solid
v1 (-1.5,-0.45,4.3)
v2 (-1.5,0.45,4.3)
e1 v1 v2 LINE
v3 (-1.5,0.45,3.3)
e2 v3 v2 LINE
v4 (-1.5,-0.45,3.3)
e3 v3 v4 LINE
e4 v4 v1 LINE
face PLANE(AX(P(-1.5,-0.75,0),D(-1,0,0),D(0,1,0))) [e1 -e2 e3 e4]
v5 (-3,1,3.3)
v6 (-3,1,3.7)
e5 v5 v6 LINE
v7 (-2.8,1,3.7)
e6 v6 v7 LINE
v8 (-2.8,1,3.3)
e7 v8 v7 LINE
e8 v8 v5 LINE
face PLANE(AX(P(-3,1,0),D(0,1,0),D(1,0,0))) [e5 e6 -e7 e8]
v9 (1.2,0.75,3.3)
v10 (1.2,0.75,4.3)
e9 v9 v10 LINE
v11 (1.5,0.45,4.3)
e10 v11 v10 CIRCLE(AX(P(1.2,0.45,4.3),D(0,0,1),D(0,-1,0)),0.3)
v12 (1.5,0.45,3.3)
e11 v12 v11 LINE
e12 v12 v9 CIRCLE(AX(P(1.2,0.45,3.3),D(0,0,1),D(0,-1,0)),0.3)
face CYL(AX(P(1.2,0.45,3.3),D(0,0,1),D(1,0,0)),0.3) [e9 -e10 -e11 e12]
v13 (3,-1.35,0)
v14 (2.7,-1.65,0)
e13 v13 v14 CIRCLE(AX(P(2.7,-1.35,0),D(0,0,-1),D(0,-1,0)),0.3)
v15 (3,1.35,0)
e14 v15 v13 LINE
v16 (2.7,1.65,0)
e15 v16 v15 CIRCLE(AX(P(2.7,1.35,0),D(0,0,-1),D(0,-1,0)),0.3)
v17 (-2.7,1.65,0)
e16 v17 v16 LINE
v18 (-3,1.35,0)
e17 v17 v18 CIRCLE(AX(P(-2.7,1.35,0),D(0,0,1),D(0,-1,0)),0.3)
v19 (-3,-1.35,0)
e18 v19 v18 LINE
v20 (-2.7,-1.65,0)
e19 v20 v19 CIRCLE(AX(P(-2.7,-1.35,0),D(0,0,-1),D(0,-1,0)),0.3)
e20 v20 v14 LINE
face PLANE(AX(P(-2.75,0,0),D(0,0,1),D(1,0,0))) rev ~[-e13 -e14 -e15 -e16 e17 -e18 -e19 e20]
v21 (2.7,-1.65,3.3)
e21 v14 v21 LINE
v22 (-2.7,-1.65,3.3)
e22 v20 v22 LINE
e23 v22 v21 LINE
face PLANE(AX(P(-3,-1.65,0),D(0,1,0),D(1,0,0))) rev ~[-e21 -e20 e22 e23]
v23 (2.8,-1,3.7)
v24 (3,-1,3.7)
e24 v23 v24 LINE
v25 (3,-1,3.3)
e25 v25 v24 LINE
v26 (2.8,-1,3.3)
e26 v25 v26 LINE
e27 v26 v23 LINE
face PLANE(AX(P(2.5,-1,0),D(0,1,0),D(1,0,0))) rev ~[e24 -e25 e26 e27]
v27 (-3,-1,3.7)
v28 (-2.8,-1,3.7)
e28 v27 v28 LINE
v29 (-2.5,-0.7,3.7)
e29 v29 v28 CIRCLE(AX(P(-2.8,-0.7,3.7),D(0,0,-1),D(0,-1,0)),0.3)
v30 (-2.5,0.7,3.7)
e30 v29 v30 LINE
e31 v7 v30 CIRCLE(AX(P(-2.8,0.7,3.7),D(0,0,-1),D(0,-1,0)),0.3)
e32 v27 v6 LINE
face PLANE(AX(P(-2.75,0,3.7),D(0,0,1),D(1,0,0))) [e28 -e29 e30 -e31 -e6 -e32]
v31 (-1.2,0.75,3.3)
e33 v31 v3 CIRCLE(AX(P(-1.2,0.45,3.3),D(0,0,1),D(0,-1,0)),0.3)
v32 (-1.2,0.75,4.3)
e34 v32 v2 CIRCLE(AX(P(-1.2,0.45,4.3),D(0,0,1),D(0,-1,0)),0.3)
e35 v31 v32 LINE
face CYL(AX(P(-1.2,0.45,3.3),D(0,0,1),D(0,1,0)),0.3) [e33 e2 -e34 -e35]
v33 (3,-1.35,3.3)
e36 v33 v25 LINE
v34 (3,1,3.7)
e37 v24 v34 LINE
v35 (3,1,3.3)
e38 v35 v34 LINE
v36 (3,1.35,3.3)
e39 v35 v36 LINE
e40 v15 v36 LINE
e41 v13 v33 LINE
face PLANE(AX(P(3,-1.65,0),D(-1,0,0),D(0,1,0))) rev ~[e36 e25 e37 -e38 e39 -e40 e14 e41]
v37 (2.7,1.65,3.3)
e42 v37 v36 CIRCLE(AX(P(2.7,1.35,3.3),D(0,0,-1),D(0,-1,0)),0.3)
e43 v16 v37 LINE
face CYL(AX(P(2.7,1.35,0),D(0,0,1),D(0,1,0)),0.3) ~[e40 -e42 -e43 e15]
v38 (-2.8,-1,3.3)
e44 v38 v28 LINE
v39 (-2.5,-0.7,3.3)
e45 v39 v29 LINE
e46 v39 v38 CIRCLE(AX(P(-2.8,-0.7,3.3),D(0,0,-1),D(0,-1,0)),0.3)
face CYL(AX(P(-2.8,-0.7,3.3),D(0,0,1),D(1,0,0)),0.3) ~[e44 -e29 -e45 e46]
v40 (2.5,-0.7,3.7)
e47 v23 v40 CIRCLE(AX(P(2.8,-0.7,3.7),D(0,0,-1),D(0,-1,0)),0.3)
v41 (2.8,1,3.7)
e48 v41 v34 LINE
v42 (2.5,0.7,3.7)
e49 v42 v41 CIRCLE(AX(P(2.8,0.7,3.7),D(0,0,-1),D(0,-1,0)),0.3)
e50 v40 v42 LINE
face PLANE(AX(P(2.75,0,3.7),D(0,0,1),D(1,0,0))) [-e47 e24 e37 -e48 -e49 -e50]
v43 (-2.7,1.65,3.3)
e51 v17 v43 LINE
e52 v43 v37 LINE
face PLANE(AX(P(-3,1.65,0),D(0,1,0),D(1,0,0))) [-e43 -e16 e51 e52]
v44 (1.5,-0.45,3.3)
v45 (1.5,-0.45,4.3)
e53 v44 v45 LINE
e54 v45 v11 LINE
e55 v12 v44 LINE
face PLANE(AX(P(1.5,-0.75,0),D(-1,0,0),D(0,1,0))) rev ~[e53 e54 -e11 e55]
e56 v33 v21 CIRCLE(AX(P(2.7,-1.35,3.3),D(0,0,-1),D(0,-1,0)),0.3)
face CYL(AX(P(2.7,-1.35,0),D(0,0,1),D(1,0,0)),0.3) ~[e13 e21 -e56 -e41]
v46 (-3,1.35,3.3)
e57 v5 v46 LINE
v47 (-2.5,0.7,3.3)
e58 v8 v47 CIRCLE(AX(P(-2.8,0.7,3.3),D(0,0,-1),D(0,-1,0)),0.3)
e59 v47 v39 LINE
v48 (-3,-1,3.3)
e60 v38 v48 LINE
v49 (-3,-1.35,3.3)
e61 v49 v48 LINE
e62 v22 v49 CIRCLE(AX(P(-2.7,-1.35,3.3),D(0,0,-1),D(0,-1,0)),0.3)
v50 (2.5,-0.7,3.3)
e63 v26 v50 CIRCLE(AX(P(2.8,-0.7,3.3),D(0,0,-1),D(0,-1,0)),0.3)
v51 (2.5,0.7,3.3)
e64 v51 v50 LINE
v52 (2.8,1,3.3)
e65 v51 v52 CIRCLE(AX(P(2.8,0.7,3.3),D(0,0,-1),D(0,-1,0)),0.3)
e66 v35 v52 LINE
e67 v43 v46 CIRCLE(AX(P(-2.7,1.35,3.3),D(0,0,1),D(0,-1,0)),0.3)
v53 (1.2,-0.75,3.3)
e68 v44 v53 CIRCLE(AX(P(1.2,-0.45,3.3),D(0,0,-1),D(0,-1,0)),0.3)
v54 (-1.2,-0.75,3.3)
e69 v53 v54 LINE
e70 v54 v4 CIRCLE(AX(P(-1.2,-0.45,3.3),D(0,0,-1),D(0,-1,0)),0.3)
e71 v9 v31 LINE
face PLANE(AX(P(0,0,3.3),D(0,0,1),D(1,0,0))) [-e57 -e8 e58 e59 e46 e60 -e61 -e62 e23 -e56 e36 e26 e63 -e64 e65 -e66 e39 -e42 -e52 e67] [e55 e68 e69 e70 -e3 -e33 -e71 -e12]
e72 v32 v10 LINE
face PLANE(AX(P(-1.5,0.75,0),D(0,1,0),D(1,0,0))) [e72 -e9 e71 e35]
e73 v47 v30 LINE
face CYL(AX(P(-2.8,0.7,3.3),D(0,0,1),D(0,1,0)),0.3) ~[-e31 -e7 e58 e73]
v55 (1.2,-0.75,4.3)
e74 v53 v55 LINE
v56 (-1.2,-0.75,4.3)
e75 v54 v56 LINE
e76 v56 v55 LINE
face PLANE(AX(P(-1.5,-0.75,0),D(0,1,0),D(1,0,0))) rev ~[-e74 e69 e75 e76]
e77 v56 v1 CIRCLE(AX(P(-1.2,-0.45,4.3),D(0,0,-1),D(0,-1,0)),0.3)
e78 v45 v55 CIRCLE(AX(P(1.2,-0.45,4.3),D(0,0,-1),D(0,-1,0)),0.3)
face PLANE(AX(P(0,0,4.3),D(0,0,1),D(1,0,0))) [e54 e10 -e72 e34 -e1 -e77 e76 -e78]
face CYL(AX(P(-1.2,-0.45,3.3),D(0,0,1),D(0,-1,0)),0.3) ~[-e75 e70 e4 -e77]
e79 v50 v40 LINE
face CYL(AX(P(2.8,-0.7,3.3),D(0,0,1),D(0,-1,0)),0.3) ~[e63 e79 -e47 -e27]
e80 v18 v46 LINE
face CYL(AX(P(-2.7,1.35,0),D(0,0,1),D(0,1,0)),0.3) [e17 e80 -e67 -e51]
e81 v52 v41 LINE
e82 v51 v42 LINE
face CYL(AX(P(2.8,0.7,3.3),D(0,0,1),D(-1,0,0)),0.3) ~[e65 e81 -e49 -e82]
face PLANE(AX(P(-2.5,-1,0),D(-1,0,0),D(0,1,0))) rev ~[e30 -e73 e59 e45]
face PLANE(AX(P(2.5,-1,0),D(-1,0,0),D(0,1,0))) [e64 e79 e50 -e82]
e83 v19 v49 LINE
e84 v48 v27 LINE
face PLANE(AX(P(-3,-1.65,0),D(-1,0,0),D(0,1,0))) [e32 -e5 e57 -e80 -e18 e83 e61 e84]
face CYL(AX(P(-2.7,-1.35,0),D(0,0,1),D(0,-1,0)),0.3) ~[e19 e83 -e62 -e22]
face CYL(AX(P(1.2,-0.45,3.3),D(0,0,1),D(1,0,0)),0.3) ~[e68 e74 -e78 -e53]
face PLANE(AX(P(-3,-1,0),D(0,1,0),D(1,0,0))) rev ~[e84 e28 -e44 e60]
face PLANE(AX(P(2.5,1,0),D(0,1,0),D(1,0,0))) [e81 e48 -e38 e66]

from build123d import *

# Parameters (mm, degrees)
SKETCH_W     = 6
SKETCH_H     = 3.3
PAD_DEPTH    = 3.3
SKETCH001_W  = 3
SKETCH001_H  = 1.5
PAD001_DEPTH = 4.3
SKETCH002_W  = 0.5
SKETCH002_H  = 2
PAD002_DEPTH = 3.7
FILLET_R     = 0.3


with BuildPart() as part:
    # Sketch → Pad (new body)
    with BuildSketch(Plane.XY):
        Rectangle(SKETCH_W, SKETCH_H)
    extrude(amount=PAD_DEPTH)

    # Sketch001 → Pad001 (join)
    with BuildSketch(Plane.XY):
        Rectangle(SKETCH001_W, SKETCH001_H)
    extrude(amount=PAD001_DEPTH)

    # Sketch002 → Pad002 (join)
    with BuildSketch(Plane.XY):
        with Locations((-2.75, 0)):
            Rectangle(SKETCH002_W, SKETCH002_H)
        with Locations((2.75, 0)):
            Rectangle(SKETCH002_W, SKETCH002_H)
    extrude(amount=PAD002_DEPTH)

    # Fillet
    fillet_edges = [part.edges().sort_by_distance(p)[0] for p in [
        (3, -1.65, 1.65),
        (-3, -1.65, 1.65),
        (3, 1.65, 1.65),
        (1.5, -0.75, 3.8),
        (1.5, 0.75, 3.8),
        (2.5, -1, 3.5),
        (-2.5, -1, 3.5),
        (-2.5, 1, 3.5),
        (-1.5, -0.75, 3.8),
        (2.5, 1, 3.5),
        (-1.5, 0.75, 3.8),
        (-3, 1.65, 1.65),
    ]]
    fillet(fillet_edges, radius=FILLET_R)


solid = part.part
